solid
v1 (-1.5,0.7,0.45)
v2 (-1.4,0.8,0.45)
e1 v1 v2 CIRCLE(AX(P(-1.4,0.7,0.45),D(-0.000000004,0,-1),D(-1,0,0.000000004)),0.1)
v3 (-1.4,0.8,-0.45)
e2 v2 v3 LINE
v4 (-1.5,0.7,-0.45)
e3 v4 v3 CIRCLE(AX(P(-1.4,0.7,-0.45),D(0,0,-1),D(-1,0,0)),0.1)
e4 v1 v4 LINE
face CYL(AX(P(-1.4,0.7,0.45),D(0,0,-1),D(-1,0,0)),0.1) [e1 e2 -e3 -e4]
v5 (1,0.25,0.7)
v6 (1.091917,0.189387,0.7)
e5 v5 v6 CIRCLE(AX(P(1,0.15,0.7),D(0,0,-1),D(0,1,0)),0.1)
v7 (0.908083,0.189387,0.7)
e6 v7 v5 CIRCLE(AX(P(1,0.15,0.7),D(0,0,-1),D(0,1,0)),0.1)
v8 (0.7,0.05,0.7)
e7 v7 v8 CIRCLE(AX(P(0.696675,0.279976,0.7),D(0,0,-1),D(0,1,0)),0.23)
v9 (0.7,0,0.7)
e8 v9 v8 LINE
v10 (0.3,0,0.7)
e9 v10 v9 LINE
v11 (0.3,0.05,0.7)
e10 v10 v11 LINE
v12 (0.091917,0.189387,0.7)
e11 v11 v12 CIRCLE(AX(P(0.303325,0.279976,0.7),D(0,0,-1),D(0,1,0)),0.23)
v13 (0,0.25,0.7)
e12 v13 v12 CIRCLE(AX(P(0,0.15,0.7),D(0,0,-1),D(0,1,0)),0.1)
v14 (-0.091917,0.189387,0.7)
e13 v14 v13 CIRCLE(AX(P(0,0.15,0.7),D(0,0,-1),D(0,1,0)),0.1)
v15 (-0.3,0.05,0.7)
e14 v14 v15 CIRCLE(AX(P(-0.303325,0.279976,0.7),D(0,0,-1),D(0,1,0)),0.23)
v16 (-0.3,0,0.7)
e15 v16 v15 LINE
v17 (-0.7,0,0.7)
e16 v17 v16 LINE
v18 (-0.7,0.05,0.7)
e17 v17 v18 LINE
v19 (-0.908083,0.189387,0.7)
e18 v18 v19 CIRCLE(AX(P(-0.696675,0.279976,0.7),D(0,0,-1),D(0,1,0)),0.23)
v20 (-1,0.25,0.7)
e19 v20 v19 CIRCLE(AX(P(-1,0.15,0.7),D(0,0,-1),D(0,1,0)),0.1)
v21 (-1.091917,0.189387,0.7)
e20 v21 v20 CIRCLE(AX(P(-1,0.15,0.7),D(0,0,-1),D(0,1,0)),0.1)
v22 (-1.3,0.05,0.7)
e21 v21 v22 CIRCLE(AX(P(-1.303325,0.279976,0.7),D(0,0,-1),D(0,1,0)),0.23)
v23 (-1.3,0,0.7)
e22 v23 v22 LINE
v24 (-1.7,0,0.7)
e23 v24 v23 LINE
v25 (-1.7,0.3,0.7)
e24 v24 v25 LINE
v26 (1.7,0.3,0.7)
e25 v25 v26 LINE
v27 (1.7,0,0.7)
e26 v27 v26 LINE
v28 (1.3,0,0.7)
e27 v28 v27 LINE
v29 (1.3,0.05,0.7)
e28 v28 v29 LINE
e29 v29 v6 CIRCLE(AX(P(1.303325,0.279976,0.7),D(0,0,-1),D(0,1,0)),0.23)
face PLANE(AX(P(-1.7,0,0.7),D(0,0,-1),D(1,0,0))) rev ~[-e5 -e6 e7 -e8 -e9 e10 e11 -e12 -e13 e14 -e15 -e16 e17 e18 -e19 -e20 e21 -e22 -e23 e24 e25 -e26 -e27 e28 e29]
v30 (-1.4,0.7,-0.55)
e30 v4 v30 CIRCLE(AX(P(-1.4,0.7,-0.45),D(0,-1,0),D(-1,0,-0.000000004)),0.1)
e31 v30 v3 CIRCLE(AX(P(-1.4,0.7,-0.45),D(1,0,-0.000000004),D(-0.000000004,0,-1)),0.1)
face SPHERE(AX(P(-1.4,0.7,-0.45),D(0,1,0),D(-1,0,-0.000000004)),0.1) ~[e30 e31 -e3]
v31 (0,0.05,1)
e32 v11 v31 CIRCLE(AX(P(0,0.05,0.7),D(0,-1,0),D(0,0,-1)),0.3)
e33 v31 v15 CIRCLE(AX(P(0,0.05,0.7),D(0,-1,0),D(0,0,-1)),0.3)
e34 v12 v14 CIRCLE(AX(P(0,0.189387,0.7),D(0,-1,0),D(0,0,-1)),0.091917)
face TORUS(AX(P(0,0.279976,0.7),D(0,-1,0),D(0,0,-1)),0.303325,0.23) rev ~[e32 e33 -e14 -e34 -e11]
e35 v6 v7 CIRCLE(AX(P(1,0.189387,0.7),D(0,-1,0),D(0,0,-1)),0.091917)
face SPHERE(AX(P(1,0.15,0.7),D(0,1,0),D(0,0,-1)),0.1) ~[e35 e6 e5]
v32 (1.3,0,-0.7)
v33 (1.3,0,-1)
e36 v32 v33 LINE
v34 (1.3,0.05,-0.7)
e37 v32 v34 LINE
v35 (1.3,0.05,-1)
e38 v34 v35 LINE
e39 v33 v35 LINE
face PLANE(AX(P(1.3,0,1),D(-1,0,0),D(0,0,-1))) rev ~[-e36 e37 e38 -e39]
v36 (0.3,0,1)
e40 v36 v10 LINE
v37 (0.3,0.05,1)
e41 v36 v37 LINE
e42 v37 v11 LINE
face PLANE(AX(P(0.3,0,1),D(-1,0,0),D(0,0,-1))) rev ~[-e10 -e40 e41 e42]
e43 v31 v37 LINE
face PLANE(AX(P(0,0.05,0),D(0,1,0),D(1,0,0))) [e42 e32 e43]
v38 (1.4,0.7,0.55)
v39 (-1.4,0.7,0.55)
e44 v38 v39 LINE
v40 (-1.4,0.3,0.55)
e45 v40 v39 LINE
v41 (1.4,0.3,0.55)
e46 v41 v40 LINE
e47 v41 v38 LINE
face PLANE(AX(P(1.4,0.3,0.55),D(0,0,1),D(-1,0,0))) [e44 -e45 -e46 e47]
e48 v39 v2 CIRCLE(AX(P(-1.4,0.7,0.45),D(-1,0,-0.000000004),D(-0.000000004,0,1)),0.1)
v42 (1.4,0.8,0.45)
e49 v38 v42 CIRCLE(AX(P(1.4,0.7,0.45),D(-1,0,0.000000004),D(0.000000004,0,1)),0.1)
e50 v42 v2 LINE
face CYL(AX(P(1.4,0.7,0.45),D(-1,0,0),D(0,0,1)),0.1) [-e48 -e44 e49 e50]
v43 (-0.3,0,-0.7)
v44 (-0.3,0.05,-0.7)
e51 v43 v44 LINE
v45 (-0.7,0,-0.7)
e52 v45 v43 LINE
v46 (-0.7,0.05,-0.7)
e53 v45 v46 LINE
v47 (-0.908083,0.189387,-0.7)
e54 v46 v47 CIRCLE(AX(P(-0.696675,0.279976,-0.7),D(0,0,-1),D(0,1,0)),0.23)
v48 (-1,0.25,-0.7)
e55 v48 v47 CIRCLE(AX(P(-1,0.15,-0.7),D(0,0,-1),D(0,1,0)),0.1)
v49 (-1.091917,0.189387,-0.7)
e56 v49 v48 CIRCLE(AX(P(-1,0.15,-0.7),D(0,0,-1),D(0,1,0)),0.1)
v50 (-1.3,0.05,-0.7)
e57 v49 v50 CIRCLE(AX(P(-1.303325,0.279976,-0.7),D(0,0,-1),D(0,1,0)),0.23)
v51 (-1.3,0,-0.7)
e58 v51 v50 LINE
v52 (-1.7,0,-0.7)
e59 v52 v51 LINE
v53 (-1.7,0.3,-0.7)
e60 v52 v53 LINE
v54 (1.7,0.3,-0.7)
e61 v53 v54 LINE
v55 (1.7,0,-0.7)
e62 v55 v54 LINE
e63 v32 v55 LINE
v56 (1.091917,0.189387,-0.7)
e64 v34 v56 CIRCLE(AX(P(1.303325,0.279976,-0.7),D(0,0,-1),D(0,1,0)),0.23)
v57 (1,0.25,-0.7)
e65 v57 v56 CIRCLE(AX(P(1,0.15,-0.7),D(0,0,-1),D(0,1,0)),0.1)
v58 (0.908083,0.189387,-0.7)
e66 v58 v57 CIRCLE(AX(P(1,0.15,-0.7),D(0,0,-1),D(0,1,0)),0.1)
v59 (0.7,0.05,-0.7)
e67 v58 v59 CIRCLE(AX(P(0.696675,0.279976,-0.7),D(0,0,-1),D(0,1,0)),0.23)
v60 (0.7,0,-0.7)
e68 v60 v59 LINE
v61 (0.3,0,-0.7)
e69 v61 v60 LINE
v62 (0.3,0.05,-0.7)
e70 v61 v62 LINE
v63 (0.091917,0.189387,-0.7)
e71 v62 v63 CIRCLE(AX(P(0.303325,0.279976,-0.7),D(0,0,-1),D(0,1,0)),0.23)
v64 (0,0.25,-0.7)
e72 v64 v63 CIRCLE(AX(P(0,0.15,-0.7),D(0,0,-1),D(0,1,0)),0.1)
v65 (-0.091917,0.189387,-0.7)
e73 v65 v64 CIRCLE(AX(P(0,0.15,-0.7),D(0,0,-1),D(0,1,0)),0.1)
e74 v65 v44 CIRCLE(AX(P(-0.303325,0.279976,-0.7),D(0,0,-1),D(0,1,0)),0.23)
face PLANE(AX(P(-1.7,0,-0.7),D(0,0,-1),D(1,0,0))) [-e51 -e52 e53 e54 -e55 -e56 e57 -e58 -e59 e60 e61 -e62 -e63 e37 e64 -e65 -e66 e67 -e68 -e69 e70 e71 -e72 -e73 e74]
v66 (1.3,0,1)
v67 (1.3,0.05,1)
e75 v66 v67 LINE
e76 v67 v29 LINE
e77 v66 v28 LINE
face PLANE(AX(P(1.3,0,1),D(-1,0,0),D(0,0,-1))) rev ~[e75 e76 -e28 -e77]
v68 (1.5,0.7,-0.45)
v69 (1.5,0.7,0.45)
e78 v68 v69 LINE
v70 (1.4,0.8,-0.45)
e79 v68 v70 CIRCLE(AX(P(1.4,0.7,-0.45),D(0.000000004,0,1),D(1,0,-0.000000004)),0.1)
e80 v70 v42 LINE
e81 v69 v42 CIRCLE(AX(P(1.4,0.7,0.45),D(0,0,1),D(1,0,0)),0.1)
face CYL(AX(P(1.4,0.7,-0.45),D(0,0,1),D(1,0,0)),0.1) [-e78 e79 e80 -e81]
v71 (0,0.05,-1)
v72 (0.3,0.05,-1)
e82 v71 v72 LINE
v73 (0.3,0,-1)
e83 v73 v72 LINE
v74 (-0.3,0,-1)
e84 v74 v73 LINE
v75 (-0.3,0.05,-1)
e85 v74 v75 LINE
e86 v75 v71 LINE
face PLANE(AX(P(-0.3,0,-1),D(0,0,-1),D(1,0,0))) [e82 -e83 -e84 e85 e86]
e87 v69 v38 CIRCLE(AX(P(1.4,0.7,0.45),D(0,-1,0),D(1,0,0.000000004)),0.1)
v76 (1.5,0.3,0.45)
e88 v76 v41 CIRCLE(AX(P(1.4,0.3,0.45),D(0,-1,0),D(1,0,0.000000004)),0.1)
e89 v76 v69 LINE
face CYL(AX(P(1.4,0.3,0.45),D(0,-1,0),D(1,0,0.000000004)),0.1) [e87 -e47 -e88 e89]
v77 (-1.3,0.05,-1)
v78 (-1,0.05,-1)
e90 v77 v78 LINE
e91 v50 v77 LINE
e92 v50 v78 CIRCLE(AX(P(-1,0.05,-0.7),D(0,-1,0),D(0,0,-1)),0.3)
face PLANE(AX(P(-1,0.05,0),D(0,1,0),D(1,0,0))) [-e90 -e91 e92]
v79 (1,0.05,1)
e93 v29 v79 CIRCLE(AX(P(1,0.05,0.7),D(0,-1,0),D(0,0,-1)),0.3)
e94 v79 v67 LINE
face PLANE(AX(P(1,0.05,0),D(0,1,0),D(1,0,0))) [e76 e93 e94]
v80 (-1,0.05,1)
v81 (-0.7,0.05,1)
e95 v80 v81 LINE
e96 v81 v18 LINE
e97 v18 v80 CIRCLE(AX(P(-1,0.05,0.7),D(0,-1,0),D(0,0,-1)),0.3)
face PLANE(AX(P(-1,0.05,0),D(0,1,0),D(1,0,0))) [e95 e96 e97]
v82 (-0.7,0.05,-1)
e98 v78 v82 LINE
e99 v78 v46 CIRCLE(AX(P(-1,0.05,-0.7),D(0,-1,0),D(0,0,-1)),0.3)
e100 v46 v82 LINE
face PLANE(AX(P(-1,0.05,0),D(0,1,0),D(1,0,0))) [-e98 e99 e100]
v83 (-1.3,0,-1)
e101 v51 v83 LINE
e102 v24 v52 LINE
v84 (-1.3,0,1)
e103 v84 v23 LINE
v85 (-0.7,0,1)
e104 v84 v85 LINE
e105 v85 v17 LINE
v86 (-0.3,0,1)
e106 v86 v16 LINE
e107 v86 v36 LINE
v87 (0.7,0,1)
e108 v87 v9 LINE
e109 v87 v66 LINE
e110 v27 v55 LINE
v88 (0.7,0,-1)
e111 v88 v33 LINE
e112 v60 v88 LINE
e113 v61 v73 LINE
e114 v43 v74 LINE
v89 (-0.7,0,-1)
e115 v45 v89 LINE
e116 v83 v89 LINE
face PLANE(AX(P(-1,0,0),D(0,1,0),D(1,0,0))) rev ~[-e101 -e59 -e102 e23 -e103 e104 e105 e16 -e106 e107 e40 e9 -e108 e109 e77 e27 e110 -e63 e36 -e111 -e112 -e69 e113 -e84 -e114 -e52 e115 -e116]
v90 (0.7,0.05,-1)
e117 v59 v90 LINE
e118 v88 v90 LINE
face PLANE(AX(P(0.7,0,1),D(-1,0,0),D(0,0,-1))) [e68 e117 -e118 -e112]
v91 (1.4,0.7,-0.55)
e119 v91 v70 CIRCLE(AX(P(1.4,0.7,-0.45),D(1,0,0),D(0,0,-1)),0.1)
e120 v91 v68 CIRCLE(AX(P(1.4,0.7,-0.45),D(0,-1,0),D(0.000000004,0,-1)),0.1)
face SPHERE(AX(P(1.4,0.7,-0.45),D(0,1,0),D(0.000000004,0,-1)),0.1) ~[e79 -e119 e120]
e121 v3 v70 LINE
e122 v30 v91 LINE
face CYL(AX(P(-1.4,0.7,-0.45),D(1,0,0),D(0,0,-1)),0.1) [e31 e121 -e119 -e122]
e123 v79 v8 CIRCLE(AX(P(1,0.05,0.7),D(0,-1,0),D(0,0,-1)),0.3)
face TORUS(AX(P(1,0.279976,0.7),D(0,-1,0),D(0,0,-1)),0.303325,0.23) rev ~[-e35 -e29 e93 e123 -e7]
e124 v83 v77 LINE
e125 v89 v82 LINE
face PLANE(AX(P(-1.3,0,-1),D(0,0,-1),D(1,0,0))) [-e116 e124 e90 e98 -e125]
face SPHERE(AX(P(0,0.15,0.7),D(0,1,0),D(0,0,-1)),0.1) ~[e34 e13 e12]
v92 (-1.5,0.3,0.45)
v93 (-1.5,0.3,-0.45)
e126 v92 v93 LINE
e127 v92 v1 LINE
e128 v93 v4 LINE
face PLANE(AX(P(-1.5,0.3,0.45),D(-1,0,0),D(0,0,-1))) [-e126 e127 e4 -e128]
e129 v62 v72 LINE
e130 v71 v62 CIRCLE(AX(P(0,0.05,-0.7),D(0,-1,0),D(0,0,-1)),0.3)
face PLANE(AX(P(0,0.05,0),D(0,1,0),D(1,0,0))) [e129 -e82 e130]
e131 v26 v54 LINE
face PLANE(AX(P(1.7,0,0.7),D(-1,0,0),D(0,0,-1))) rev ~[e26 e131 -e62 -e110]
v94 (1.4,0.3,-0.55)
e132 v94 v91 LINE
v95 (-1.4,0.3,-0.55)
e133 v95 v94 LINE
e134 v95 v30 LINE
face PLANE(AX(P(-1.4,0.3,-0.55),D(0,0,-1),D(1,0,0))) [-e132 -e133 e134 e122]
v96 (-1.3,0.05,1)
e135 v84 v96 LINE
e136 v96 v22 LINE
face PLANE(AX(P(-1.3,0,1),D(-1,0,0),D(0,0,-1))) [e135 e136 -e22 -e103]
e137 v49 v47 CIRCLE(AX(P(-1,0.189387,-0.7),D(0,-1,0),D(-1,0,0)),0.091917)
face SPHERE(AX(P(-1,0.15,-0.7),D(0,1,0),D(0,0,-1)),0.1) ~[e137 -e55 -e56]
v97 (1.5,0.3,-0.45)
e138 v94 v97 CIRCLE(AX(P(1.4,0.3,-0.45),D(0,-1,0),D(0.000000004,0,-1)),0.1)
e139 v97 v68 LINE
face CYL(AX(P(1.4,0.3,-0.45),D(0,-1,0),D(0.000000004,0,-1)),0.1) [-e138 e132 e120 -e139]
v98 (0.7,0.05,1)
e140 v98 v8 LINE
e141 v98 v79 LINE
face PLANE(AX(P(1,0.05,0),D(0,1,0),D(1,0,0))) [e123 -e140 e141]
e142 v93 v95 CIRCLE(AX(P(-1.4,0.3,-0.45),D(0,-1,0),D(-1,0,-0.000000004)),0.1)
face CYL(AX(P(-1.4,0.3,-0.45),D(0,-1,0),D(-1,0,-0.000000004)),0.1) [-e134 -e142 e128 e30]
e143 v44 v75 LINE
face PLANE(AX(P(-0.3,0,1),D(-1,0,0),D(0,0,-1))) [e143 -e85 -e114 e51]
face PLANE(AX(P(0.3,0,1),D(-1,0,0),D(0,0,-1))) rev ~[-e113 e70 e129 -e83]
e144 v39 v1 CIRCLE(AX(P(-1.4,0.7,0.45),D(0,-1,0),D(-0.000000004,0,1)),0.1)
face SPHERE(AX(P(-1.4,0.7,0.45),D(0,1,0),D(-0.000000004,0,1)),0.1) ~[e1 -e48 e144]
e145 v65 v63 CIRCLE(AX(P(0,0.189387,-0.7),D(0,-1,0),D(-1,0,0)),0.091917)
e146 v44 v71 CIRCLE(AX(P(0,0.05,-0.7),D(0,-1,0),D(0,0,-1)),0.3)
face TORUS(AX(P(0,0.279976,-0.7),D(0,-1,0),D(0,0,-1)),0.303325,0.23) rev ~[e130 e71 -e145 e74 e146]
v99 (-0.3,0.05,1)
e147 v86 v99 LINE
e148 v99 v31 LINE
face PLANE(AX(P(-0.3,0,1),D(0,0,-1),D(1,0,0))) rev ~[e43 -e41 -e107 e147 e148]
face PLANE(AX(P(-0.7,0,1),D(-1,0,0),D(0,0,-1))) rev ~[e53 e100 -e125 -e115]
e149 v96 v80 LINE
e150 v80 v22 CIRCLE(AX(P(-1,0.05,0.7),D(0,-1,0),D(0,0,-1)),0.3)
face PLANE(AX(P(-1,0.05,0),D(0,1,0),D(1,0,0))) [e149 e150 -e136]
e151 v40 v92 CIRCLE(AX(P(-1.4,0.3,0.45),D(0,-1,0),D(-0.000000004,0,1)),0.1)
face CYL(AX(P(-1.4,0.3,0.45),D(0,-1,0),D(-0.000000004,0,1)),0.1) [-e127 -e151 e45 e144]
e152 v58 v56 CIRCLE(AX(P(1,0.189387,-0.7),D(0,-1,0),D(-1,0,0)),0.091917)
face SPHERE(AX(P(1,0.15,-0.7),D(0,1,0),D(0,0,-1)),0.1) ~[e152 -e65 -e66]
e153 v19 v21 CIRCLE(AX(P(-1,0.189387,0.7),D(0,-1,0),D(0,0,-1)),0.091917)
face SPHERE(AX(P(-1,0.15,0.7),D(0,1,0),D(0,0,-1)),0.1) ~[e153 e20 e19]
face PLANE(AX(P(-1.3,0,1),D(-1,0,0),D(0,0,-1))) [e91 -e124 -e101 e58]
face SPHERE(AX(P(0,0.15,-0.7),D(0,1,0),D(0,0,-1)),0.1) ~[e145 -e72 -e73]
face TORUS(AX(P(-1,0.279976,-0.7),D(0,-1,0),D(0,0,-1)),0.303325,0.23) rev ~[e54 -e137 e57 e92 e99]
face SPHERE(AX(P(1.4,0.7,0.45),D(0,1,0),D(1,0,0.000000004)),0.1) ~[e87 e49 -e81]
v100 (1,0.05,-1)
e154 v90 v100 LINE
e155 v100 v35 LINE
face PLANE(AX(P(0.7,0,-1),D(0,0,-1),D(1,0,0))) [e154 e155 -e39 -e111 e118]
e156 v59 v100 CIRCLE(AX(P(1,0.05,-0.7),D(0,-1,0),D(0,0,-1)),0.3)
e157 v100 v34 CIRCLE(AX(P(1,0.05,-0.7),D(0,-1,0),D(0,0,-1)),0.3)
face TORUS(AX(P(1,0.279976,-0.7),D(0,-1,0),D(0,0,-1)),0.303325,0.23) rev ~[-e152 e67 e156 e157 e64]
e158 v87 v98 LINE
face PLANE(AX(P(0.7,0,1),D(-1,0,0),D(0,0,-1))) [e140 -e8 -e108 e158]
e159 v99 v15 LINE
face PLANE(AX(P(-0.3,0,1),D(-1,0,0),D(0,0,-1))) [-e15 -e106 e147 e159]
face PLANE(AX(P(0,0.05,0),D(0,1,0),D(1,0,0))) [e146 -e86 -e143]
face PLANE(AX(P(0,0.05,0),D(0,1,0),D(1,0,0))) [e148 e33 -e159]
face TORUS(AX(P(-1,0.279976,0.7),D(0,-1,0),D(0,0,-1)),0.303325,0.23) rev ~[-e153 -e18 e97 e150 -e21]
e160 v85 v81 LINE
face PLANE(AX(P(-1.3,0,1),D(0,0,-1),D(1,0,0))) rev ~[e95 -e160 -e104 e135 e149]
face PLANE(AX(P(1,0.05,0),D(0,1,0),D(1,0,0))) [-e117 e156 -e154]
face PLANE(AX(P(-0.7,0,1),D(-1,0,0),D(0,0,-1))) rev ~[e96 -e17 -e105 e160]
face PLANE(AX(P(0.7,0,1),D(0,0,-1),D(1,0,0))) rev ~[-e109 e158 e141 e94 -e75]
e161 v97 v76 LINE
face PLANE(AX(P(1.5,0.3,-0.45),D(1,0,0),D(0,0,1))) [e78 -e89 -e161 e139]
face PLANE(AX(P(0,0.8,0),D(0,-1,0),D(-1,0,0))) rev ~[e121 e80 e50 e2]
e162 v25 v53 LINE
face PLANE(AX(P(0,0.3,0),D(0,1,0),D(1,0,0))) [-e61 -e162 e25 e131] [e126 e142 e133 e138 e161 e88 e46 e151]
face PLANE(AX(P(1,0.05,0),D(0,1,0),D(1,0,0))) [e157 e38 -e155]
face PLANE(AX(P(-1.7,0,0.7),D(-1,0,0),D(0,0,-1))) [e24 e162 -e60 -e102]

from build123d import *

# Parameters (mm, degrees)
SKETCH1_W            = 3.4
SKETCH1_H            = 1.4
BOSS_EXTRUDE1_DEPTH  = 0.3
BOSS_EXTRUDE2_DEPTH  = 0.5
FILLET1_R            = 0.1
SKETCH3_W            = 0.6
SKETCH3_H            = 2
BOSS_EXTRUDE3_DEPTH  = 0.05
LPATTERN1_COUNT      = 3
LPATTERN1_PITCH      = 1
LPATTERN1_COUNT_DIR2 = 2
LPATTERN1_PITCH_DIR2 = 1.4


with BuildPart() as part:
    # Sketch1 → Boss-Extrude1 (new body)
    with BuildSketch(Plane(origin=(0, 0, 0), x_dir=(1, 0, 0), z_dir=(0, 1, 0))):
        Rectangle(SKETCH1_W, SKETCH1_H)
    extrude(amount=BOSS_EXTRUDE1_DEPTH)

    # Sketch2 → Boss-Extrude2 (add)
    with BuildSketch(Plane(origin=(0, 0.3, 0), x_dir=(1, 0, 0), z_dir=(0, 1, 0))):
        with BuildLine():
            Line((-1.4, 0.55), (1.4, 0.55))
            ThreePointArc((1.4, 0.55), (1.470710678, 0.520710678), (1.5, 0.45))
            Line((1.5, 0.45), (1.5, -0.45))
            ThreePointArc((1.5, -0.45), (1.470710678, -0.520710678), (1.4, -0.55))
            Line((1.4, -0.55), (-1.4, -0.55))
            ThreePointArc((-1.4, -0.55), (-1.470710678, -0.520710678), (-1.5, -0.45))
            Line((-1.5, -0.45), (-1.5, 0.45))
            ThreePointArc((-1.5, 0.45), (-1.470710678, 0.520710678), (-1.4, 0.55))
        make_face()
    extrude(amount=BOSS_EXTRUDE2_DEPTH)

    # Fillet1
    fillet1_edges = [part.edges().sort_by_distance(p)[0] for p in [
        (-1.470710678, 0.8, 0.520710678),
        (0, 0.8, 0.55),
        (1.470710678, 0.8, 0.520710678),
        (1.5, 0.8, 0),
        (1.470710678, 0.8, -0.520710678),
        (0, 0.8, -0.55),
        (-1.470710678, 0.8, -0.520710678),
        (-1.5, 0.8, 0),
    ]]
    fillet(fillet1_edges, radius=FILLET1_R)

    # Sketch3 → Boss-Extrude3 (add)
    with BuildSketch(Plane(origin=(0, 0, 0), x_dir=(1, 0, 0), z_dir=(0, 1, 0))):
        with Locations((-1, 0)):
            Rectangle(SKETCH3_W, SKETCH3_H)
        Rectangle(SKETCH3_W, SKETCH3_H)
        with Locations((1, 0)):
            Rectangle(SKETCH3_W, SKETCH3_H)
    extrude(amount=BOSS_EXTRUDE3_DEPTH)

    # Sketch4 → Revolve2 (revolve)
    with BuildSketch(Plane(origin=(-1, 0, 0), x_dir=(0, 0, -1), z_dir=(1, 0, 0))):
        with BuildLine():
            Line((0.7, 0.25), (0.7, 0.05))
            Line((0.7, 0.05), (1, 0.05))
            ThreePointArc((1, 0.05), (0.87532212, 0.088886503), (0.791916764, 0.189386655))
            ThreePointArc((0.791916764, 0.189386655), (0.755051497, 0.233482529), (0.7, 0.25))
        make_face()
    revolve2 = revolve(axis=Axis((-1, 0.3, -0.7), (0, -1, 0)))

    # LPattern1: Revolve2 3 × 2
    with Locations(*[(i * LPATTERN1_PITCH, 0, j * LPATTERN1_PITCH_DIR2) for i in range(LPATTERN1_COUNT) for j in range(LPATTERN1_COUNT_DIR2) if (i, j) != (0, 0)]):
        add(revolve2)


solid = part.part
